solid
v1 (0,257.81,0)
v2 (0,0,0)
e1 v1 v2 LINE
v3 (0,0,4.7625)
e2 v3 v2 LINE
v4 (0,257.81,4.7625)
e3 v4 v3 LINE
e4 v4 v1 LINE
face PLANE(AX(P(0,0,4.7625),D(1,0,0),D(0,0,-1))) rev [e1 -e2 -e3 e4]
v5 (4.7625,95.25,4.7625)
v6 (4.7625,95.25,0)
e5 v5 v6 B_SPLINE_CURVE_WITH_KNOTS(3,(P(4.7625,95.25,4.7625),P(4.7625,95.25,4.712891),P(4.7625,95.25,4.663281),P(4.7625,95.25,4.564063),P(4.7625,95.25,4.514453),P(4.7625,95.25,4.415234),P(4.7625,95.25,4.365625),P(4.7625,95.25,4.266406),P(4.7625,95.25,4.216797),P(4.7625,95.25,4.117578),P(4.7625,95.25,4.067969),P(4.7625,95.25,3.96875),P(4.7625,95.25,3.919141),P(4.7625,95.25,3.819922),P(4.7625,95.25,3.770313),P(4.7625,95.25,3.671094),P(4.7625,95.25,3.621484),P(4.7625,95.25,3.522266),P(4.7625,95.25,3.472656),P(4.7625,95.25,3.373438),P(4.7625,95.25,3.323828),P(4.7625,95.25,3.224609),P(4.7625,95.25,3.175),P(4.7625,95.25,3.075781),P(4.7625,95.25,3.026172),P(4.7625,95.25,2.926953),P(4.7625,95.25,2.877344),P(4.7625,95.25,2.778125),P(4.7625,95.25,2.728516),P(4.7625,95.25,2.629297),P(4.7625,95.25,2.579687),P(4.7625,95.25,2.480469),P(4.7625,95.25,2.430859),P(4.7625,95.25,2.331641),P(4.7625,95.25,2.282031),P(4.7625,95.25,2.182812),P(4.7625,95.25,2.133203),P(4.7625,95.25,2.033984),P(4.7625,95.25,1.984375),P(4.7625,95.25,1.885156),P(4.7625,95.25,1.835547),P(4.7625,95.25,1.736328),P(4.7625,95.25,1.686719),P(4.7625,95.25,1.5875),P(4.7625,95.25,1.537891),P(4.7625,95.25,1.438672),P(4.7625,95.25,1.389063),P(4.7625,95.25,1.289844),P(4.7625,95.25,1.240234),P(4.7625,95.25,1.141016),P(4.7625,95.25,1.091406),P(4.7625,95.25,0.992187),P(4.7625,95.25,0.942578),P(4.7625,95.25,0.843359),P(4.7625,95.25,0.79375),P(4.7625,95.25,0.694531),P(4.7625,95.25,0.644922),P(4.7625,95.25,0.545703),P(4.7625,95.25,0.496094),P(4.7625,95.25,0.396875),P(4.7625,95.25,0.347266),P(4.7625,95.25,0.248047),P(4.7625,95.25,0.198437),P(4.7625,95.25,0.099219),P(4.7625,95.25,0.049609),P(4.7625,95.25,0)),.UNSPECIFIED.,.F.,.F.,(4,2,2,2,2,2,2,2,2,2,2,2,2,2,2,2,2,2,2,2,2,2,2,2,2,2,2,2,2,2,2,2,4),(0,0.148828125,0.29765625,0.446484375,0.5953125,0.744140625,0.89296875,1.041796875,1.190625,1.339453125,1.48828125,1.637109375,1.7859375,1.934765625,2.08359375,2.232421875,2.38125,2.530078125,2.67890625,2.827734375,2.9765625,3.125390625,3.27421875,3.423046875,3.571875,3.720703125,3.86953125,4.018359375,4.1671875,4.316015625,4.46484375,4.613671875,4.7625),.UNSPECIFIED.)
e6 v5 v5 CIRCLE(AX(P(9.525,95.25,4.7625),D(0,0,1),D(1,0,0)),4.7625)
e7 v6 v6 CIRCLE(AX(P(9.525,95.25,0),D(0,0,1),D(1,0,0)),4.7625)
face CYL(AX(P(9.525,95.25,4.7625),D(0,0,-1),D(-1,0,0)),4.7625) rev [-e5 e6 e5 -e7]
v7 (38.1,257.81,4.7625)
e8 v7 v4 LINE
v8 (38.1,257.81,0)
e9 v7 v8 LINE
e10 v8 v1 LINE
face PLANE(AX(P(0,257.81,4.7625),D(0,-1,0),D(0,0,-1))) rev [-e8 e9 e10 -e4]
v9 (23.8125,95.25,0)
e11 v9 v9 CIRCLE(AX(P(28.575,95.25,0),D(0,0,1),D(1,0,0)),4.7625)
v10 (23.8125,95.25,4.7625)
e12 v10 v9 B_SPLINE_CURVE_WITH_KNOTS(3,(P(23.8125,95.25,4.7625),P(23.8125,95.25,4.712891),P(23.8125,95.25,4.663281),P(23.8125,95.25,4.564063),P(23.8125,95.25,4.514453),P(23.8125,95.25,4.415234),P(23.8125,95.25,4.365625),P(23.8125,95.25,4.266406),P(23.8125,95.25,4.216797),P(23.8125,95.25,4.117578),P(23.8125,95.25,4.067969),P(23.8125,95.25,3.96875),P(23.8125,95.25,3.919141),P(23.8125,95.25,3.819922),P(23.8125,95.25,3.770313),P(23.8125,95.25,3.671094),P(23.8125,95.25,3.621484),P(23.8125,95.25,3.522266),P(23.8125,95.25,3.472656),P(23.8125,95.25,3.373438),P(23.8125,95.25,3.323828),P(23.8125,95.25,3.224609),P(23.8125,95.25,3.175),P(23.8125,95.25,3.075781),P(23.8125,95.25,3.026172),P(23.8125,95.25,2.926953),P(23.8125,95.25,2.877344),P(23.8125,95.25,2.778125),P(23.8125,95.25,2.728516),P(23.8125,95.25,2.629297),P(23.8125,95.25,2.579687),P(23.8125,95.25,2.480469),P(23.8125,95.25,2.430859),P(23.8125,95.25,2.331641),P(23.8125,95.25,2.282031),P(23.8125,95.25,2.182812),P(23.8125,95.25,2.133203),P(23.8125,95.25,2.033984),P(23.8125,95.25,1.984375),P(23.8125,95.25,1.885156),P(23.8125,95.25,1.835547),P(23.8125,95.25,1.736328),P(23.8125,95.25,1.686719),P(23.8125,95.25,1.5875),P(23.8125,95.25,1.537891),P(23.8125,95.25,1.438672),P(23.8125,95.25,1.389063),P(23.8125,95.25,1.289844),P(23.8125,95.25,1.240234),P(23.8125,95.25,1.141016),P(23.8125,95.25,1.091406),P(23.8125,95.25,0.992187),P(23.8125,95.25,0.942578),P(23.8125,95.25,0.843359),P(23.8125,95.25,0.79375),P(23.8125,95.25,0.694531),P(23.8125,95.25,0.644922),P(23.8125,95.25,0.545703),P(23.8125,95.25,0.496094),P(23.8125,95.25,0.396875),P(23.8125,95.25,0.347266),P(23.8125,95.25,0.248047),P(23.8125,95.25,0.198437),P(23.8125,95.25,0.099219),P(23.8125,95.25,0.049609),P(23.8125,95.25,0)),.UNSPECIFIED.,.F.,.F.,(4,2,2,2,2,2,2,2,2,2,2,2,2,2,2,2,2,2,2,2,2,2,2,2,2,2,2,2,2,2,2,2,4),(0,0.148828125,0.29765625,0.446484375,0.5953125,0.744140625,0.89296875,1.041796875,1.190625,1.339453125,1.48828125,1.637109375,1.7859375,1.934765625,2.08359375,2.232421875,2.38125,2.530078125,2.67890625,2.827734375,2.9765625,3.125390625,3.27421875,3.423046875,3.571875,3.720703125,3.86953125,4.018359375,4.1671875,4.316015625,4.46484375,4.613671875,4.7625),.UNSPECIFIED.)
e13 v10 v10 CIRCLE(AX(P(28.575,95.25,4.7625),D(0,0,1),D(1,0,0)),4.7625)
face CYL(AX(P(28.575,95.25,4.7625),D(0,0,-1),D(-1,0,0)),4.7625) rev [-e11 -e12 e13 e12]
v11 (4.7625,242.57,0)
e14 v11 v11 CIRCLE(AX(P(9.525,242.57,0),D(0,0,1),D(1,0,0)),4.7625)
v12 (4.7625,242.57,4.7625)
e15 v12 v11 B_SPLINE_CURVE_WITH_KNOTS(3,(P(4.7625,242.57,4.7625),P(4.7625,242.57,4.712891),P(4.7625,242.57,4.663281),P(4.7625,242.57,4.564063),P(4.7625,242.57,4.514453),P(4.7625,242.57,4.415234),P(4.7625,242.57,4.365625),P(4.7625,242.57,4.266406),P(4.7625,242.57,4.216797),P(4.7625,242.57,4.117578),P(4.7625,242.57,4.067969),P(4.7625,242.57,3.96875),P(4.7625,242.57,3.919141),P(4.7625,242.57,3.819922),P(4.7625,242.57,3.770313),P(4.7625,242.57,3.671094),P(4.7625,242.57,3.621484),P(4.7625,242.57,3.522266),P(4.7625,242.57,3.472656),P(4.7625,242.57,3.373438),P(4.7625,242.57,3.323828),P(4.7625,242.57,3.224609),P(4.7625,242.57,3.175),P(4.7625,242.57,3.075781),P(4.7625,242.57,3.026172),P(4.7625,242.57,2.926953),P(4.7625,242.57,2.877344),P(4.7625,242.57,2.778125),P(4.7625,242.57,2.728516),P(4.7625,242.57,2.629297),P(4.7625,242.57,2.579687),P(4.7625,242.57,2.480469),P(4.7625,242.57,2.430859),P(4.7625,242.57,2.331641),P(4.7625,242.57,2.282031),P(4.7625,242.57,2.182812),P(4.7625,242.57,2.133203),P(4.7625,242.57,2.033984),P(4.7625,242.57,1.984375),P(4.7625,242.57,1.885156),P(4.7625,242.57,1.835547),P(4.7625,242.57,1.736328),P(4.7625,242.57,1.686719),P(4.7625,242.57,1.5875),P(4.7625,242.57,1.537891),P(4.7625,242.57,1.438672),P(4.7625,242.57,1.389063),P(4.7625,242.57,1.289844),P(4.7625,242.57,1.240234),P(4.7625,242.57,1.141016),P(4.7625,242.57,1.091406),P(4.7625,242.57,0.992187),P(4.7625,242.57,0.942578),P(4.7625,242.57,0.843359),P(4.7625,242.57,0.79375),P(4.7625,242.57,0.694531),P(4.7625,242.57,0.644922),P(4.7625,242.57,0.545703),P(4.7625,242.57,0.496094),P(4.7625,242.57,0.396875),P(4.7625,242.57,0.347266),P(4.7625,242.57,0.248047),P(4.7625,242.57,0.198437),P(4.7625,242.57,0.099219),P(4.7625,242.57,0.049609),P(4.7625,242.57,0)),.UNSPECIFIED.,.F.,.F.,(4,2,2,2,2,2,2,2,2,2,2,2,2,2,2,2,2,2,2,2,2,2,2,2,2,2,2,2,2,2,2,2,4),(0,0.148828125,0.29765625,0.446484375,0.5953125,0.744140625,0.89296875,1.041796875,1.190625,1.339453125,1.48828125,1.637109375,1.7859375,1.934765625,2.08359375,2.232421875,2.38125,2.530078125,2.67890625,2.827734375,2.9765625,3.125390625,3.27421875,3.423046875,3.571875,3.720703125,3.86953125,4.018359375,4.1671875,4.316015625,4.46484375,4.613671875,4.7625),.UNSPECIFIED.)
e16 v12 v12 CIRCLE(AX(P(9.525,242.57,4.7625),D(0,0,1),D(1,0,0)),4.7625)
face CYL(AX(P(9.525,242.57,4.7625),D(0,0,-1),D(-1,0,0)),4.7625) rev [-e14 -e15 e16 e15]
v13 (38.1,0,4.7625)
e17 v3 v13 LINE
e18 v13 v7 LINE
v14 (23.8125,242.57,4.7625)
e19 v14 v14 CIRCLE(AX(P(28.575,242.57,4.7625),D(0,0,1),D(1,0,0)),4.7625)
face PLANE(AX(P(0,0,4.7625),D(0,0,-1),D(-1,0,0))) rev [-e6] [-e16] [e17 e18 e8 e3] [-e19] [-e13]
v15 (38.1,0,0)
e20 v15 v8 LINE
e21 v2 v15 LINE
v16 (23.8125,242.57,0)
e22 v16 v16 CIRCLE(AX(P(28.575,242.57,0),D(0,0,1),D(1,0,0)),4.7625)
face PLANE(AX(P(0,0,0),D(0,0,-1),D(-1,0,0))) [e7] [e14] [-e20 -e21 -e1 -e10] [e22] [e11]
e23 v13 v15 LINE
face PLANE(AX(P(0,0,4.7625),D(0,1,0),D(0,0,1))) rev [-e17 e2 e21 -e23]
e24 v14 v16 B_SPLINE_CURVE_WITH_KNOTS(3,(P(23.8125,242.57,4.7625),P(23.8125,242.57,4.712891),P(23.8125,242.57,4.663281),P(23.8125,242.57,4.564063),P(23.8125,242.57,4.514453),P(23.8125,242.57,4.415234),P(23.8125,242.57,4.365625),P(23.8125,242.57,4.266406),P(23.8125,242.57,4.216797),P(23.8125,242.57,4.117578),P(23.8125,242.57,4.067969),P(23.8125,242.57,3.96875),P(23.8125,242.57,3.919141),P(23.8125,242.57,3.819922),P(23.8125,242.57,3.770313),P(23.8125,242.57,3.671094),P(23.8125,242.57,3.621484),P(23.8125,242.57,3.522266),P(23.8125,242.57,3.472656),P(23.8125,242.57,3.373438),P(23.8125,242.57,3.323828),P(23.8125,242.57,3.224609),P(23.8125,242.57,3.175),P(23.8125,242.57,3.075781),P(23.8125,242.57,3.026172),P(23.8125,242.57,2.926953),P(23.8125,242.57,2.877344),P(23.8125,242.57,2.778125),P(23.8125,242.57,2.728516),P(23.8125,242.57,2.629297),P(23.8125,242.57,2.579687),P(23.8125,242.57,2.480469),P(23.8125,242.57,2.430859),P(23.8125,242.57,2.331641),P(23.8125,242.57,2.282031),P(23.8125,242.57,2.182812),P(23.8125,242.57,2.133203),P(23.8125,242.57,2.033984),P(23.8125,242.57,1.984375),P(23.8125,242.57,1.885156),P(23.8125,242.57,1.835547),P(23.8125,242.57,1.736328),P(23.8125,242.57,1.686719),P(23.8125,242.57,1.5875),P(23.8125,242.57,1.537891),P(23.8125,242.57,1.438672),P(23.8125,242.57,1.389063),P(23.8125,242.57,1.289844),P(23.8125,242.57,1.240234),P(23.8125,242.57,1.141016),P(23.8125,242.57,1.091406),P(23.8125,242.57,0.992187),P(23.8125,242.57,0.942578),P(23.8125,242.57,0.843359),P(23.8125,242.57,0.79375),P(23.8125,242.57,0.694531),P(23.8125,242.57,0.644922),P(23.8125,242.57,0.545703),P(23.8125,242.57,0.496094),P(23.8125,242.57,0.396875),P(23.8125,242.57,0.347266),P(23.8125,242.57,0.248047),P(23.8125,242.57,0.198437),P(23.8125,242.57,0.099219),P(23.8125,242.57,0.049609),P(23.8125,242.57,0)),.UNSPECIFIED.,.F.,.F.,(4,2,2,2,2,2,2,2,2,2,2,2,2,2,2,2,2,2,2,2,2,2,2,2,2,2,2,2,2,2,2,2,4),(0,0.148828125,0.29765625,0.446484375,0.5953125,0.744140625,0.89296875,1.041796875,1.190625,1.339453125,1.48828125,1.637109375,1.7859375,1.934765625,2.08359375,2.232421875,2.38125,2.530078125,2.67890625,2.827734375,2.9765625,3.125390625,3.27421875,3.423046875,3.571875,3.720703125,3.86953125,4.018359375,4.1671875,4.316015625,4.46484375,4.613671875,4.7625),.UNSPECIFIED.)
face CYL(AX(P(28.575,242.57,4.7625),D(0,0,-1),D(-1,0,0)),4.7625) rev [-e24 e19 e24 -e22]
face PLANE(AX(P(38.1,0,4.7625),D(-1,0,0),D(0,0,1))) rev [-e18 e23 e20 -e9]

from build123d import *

# Parameters (mm, degrees)
SKETCH1_W           = 38.1
SKETCH1_H           = 257.81
SKETCH1_R           = 4.7625
BOSS_EXTRUDE1_DEPTH = 4.7625


with BuildPart() as part:
    # Sketch1 → Boss-Extrude1 (new body)
    with BuildSketch(Plane.XY):
        with Locations((19.05, 128.905)):
            Rectangle(SKETCH1_W, SKETCH1_H)
        with Locations(Location((9.525, 95.25, 0), (0, 0, 180))):
            Circle(SKETCH1_R, mode=Mode.SUBTRACT)
        with Locations(Location((28.575, 95.25, 0), (0, 0, 180))):
            Circle(SKETCH1_R, mode=Mode.SUBTRACT)
        with Locations(Location((9.525, 242.57, 0), (0, 0, 180))):
            Circle(SKETCH1_R, mode=Mode.SUBTRACT)
        with Locations(Location((28.575, 242.57, 0), (0, 0, 180))):
            Circle(SKETCH1_R, mode=Mode.SUBTRACT)
    extrude(amount=BOSS_EXTRUDE1_DEPTH)


solid = part.part
